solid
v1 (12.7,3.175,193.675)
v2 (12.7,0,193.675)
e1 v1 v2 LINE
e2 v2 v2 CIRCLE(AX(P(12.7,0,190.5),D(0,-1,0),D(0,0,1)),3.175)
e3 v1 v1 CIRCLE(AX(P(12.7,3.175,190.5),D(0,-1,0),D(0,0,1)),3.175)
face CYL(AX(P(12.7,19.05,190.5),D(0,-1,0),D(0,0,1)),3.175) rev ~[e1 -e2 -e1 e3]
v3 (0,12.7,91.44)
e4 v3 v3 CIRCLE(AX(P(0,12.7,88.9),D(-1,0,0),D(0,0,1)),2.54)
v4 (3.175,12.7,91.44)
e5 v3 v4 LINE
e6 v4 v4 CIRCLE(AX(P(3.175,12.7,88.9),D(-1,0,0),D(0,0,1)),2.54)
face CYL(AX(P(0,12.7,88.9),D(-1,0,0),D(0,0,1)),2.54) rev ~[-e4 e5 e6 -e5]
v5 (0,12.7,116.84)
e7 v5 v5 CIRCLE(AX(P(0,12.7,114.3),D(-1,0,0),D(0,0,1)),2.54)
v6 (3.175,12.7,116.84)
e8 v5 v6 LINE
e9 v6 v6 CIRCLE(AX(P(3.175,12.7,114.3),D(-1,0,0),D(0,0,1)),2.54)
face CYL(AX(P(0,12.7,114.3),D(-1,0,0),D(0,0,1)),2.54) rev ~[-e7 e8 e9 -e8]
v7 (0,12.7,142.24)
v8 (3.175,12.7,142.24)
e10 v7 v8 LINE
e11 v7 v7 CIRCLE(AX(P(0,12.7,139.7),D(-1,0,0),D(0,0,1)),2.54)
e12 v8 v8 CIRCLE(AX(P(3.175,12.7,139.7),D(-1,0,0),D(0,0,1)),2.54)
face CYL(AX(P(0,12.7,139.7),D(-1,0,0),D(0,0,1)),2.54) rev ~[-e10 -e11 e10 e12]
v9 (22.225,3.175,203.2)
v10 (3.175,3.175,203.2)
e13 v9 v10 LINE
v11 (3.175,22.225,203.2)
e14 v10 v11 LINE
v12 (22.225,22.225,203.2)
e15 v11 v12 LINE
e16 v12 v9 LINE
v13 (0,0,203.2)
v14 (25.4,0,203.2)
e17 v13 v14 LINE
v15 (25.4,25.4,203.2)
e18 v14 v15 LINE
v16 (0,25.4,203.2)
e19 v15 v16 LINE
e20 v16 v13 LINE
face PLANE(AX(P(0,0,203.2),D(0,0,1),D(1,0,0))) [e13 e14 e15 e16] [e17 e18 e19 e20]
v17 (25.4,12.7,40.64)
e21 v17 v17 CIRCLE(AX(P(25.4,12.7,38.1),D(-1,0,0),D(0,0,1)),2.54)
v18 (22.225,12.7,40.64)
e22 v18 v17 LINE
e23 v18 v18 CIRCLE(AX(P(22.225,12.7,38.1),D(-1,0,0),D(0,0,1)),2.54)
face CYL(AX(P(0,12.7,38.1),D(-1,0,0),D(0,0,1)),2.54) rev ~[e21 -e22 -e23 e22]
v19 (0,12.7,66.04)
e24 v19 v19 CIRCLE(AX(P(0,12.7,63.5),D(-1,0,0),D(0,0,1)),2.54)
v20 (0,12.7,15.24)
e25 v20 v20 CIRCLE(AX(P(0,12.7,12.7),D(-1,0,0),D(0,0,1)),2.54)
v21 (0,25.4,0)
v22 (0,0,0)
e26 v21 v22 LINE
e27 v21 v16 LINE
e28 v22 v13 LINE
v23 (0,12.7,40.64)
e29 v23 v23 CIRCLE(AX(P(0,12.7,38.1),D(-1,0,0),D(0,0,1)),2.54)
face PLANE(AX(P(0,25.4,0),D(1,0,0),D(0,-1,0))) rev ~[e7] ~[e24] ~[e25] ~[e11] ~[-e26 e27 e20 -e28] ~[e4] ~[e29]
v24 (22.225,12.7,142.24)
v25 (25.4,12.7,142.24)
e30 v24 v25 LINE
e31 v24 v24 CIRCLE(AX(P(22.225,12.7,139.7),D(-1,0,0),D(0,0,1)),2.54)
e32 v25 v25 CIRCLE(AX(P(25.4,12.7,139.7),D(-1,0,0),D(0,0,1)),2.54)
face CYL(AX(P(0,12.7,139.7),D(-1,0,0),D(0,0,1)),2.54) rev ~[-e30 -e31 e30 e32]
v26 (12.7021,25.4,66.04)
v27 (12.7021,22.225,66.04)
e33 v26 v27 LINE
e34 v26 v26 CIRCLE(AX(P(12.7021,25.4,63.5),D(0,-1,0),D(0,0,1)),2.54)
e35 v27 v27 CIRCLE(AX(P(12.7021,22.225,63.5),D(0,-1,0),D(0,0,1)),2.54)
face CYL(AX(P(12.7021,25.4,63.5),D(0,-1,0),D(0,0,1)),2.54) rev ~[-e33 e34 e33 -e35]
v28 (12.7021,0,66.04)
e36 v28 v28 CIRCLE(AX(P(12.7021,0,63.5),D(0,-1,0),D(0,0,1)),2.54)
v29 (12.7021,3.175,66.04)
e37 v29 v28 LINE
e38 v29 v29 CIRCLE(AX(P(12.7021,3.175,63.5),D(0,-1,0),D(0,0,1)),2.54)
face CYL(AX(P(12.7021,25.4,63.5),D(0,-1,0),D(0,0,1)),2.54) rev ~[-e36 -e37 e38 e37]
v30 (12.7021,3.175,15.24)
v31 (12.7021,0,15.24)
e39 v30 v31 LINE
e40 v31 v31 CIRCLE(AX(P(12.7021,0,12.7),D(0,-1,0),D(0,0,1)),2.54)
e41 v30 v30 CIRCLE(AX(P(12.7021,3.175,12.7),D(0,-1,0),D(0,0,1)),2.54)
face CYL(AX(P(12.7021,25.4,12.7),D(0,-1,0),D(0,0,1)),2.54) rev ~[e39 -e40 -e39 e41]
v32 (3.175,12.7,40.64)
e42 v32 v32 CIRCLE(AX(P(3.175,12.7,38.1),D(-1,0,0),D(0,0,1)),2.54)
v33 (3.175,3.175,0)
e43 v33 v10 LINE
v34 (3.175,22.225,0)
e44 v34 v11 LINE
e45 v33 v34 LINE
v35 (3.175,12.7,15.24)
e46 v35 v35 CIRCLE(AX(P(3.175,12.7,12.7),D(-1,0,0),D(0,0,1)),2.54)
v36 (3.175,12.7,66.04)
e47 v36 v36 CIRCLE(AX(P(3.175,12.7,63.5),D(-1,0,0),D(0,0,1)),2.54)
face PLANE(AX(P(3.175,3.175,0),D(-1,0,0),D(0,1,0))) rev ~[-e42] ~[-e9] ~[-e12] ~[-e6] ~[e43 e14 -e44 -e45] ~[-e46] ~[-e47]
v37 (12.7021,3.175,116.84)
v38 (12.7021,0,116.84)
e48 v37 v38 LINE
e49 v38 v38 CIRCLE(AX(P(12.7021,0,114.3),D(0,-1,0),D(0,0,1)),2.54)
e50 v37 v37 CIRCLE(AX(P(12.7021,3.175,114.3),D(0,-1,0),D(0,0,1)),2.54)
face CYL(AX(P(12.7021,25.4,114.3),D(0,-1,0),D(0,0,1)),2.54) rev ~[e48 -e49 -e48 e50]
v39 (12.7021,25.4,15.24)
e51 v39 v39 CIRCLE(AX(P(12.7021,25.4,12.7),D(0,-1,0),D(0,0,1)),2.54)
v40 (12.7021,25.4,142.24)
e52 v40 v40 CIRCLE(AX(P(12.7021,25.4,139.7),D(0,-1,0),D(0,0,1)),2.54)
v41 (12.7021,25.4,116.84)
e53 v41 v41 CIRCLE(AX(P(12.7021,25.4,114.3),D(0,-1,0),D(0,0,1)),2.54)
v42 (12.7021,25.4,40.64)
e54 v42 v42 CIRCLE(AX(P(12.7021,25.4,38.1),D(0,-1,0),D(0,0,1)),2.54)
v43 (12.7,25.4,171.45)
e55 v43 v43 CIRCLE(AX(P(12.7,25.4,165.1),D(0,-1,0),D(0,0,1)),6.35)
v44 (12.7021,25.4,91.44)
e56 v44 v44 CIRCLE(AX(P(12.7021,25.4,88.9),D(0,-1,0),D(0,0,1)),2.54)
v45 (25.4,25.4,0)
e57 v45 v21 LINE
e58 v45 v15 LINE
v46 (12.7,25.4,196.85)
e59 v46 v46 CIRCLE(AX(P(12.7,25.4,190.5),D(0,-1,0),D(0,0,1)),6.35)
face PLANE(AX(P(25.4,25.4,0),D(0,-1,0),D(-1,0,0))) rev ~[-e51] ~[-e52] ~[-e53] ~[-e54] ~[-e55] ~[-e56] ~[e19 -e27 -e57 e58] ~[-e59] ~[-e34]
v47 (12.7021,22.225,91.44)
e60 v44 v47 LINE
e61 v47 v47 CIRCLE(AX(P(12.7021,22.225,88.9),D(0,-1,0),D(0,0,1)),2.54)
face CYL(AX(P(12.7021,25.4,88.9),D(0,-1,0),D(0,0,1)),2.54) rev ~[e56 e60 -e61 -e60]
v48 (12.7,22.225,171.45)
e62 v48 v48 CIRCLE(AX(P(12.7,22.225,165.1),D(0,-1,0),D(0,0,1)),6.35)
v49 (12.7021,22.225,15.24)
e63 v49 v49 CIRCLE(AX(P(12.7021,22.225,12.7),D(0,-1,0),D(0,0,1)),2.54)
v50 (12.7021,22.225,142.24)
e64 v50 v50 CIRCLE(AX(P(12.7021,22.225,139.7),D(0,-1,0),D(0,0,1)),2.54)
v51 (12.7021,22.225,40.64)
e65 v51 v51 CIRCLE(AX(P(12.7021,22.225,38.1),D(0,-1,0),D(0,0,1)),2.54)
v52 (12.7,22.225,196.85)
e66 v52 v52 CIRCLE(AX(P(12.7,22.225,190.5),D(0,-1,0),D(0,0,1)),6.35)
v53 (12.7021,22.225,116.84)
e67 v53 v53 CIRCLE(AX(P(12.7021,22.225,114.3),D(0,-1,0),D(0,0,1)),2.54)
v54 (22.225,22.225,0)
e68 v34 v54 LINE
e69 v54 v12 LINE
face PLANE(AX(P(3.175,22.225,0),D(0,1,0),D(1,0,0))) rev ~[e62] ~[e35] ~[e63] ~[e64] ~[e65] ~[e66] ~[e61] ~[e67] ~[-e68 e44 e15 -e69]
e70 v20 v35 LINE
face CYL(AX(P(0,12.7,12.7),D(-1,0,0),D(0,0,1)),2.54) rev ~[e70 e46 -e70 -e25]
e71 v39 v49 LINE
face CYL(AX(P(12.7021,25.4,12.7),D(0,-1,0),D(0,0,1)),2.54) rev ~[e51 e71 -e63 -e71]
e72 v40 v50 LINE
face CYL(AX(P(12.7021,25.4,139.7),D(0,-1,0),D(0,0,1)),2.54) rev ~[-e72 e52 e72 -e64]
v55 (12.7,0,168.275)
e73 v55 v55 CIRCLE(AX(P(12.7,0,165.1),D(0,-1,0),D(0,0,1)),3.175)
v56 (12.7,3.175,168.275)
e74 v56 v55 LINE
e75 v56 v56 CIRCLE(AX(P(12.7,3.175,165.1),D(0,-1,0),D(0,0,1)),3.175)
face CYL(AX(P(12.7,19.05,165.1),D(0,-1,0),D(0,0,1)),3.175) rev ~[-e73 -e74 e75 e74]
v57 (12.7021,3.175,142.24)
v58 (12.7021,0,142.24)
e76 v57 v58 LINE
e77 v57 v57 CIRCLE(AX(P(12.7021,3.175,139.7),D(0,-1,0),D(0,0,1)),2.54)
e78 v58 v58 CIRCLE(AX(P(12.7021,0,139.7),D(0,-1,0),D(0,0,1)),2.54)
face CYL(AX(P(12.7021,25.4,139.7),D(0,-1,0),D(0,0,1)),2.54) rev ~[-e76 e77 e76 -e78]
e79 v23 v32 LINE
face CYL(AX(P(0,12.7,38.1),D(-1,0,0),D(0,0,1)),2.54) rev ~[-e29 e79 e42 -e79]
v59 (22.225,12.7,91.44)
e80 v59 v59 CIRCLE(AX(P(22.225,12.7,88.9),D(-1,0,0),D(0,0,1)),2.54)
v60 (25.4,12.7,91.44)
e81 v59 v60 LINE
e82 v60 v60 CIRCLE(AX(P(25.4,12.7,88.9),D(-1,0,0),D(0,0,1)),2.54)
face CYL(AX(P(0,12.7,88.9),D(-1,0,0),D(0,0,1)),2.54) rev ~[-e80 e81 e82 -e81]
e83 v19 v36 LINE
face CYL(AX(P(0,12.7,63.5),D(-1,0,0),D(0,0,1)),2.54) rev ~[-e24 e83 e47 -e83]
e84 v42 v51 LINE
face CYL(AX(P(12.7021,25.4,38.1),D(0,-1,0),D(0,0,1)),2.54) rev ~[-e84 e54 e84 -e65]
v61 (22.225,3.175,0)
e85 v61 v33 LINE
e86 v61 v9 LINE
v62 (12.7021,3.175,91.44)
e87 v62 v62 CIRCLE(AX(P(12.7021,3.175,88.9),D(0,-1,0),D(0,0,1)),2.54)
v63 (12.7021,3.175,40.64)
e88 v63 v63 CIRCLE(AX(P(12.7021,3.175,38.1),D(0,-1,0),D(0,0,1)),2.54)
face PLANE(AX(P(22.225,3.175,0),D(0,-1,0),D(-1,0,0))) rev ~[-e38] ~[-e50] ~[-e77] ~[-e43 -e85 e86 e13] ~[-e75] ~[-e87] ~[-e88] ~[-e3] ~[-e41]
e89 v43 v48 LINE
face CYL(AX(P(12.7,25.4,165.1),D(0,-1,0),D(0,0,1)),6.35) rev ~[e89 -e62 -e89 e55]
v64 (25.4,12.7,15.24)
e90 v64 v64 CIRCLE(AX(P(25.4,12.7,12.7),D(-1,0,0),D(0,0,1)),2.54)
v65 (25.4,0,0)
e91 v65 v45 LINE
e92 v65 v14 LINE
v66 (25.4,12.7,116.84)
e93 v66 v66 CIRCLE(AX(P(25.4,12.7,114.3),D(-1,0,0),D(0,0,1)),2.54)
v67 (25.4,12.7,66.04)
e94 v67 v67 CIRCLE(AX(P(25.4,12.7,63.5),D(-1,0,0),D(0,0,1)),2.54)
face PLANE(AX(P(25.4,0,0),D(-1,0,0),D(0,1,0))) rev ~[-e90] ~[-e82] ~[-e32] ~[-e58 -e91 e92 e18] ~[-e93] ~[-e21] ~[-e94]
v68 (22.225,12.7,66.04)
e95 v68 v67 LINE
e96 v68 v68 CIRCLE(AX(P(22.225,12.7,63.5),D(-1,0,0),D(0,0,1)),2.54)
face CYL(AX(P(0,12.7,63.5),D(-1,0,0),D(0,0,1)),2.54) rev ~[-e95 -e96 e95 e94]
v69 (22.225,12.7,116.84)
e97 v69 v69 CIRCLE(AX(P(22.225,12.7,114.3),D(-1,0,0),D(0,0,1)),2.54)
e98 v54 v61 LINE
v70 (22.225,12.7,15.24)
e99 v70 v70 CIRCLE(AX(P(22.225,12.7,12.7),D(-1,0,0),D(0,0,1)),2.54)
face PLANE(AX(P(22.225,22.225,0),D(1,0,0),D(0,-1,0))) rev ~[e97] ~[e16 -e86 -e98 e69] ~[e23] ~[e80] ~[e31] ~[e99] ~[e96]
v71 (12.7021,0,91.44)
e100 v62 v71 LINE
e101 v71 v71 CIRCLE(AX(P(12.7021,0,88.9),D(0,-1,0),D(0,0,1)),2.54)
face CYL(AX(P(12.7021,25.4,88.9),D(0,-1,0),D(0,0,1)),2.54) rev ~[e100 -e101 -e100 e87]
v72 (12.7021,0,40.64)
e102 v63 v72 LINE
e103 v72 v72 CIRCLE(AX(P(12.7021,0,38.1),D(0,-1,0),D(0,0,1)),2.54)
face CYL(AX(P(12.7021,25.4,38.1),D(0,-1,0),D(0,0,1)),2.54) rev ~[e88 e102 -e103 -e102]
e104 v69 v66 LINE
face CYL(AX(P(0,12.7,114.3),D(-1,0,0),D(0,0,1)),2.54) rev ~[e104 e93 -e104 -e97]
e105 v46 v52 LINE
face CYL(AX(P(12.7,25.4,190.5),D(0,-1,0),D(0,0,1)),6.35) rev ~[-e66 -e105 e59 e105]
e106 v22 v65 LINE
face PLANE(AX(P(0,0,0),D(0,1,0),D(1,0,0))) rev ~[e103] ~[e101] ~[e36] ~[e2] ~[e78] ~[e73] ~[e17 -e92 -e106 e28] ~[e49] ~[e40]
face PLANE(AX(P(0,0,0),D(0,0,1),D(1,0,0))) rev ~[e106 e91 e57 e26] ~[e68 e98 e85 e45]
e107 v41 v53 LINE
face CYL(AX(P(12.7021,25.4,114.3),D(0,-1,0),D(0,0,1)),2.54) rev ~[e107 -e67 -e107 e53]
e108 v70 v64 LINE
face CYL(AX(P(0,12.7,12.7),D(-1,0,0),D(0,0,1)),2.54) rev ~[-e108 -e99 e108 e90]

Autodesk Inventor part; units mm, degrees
ref_plane "YZ Plane" through (0, 0, 0) normal (1, 0, 0) x (0, 1, 0)
ref_plane "XZ Plane" through (0, 0, 0) normal (0, 1, 0) x (-1, 0, 0)
ref_plane "XY Plane" through (0, 0, 0) normal (0, 0, 1) x (1, 0, 0)
sketch "Sketch2" plane through (0, 0, 0) normal (0, 0, 1) x (1, 0, 0)
  line L0 (0, 0) -> (25.4, 0)
  line L1 (25.4, 0) -> (25.4, 25.4)
  line L2 (25.4, 25.4) -> (0, 25.4)
  line L3 (0, 25.4) -> (0, 0)
  line L4 (3.175, 22.225) -> (22.225, 22.225)
  line L5 (22.225, 22.225) -> (22.225, 3.175)
  line L6 (22.225, 3.175) -> (3.175, 3.175)
  line L7 (3.175, 3.175) -> (3.175, 22.225)
  dimension "d0" = 25.4
  dimension "d1" = 25.4
  dimension "d2" = 3.175
extrude "Extrusion1" add sketch "Sketch2" along normal blind 203.2
sketch "Sketch5" plane through (0, 0, 0) normal (-1, 0, 0) x (0, 0, 1)
  circle A0 centre (139.7, 12.7) radius 2.54
  line L0 (203.2, 25.4) -> (203.2, 0) projected
  line L1 (0, 25.4) -> (203.2, 25.4) projected
  circle A1 centre (114.3, 12.7) radius 2.54
  circle A2 centre (88.9, 12.7) radius 2.54
  circle A3 centre (63.5, 12.7) radius 2.54
  circle A4 centre (38.1, 12.7) radius 2.54
  circle A5 centre (12.7, 12.7) radius 2.54
  point P0 (0, 0)
  point P1 (203.2, 12.7)
  point P2 (203.2, 12.7)
  dimension "d13" = 5.08
  dimension "d15" = 63.5
  dimension "d23" = 25.4
extrude "Extrusion4" cut sketch "Sketch5" against normal through all
sketch "Sketch6" plane through (0, 25.4, 0) normal (0, 1, 0) x (1, 0, 0)
  line L0 (25.4, -203.2) -> (0, -203.2) projected
  line L1 (0, 0) -> (0, -203.2) projected
  point P0 (12.7, -190.5)
  dimension "d28" = 12.7
  dimension "d29" = 12.7
hole "Hole1" at (12.7, 25.4, 190.5) direction (0, -1, 0) diameter 6.35 end through all counterbore diameter 12.7 counterbore depth 6.35
pattern_linear "Rectangular Pattern1" count 2 spacing 25.4 along (0, 0, -1) of "Hole1"
sketch "Sketch7" plane through (0, 25.4, 0) normal (0, 1, 0) x (1, 0, 0)
  line L0 (25.4, -203.2) -> (0, -203.2) projected
  line L1 (0, 0) -> (0, -203.2) projected
  point P0 (12.7021, -139.7)
  dimension "d40" = 63.5
  dimension "d41" = 12.7021
hole "Hole2" at (12.7021, 25.4, 139.7) direction (0, -1, 0) diameter 5.08 end through all
pattern_linear "Rectangular Pattern2" count 6 spacing 25.4 along (0, 0, -1) of "Hole2"
equation "\"d0\" = d1"
properties part number "testRoboRescue_Chassis_Frame_heightBar" material "Aluminum 6061"
